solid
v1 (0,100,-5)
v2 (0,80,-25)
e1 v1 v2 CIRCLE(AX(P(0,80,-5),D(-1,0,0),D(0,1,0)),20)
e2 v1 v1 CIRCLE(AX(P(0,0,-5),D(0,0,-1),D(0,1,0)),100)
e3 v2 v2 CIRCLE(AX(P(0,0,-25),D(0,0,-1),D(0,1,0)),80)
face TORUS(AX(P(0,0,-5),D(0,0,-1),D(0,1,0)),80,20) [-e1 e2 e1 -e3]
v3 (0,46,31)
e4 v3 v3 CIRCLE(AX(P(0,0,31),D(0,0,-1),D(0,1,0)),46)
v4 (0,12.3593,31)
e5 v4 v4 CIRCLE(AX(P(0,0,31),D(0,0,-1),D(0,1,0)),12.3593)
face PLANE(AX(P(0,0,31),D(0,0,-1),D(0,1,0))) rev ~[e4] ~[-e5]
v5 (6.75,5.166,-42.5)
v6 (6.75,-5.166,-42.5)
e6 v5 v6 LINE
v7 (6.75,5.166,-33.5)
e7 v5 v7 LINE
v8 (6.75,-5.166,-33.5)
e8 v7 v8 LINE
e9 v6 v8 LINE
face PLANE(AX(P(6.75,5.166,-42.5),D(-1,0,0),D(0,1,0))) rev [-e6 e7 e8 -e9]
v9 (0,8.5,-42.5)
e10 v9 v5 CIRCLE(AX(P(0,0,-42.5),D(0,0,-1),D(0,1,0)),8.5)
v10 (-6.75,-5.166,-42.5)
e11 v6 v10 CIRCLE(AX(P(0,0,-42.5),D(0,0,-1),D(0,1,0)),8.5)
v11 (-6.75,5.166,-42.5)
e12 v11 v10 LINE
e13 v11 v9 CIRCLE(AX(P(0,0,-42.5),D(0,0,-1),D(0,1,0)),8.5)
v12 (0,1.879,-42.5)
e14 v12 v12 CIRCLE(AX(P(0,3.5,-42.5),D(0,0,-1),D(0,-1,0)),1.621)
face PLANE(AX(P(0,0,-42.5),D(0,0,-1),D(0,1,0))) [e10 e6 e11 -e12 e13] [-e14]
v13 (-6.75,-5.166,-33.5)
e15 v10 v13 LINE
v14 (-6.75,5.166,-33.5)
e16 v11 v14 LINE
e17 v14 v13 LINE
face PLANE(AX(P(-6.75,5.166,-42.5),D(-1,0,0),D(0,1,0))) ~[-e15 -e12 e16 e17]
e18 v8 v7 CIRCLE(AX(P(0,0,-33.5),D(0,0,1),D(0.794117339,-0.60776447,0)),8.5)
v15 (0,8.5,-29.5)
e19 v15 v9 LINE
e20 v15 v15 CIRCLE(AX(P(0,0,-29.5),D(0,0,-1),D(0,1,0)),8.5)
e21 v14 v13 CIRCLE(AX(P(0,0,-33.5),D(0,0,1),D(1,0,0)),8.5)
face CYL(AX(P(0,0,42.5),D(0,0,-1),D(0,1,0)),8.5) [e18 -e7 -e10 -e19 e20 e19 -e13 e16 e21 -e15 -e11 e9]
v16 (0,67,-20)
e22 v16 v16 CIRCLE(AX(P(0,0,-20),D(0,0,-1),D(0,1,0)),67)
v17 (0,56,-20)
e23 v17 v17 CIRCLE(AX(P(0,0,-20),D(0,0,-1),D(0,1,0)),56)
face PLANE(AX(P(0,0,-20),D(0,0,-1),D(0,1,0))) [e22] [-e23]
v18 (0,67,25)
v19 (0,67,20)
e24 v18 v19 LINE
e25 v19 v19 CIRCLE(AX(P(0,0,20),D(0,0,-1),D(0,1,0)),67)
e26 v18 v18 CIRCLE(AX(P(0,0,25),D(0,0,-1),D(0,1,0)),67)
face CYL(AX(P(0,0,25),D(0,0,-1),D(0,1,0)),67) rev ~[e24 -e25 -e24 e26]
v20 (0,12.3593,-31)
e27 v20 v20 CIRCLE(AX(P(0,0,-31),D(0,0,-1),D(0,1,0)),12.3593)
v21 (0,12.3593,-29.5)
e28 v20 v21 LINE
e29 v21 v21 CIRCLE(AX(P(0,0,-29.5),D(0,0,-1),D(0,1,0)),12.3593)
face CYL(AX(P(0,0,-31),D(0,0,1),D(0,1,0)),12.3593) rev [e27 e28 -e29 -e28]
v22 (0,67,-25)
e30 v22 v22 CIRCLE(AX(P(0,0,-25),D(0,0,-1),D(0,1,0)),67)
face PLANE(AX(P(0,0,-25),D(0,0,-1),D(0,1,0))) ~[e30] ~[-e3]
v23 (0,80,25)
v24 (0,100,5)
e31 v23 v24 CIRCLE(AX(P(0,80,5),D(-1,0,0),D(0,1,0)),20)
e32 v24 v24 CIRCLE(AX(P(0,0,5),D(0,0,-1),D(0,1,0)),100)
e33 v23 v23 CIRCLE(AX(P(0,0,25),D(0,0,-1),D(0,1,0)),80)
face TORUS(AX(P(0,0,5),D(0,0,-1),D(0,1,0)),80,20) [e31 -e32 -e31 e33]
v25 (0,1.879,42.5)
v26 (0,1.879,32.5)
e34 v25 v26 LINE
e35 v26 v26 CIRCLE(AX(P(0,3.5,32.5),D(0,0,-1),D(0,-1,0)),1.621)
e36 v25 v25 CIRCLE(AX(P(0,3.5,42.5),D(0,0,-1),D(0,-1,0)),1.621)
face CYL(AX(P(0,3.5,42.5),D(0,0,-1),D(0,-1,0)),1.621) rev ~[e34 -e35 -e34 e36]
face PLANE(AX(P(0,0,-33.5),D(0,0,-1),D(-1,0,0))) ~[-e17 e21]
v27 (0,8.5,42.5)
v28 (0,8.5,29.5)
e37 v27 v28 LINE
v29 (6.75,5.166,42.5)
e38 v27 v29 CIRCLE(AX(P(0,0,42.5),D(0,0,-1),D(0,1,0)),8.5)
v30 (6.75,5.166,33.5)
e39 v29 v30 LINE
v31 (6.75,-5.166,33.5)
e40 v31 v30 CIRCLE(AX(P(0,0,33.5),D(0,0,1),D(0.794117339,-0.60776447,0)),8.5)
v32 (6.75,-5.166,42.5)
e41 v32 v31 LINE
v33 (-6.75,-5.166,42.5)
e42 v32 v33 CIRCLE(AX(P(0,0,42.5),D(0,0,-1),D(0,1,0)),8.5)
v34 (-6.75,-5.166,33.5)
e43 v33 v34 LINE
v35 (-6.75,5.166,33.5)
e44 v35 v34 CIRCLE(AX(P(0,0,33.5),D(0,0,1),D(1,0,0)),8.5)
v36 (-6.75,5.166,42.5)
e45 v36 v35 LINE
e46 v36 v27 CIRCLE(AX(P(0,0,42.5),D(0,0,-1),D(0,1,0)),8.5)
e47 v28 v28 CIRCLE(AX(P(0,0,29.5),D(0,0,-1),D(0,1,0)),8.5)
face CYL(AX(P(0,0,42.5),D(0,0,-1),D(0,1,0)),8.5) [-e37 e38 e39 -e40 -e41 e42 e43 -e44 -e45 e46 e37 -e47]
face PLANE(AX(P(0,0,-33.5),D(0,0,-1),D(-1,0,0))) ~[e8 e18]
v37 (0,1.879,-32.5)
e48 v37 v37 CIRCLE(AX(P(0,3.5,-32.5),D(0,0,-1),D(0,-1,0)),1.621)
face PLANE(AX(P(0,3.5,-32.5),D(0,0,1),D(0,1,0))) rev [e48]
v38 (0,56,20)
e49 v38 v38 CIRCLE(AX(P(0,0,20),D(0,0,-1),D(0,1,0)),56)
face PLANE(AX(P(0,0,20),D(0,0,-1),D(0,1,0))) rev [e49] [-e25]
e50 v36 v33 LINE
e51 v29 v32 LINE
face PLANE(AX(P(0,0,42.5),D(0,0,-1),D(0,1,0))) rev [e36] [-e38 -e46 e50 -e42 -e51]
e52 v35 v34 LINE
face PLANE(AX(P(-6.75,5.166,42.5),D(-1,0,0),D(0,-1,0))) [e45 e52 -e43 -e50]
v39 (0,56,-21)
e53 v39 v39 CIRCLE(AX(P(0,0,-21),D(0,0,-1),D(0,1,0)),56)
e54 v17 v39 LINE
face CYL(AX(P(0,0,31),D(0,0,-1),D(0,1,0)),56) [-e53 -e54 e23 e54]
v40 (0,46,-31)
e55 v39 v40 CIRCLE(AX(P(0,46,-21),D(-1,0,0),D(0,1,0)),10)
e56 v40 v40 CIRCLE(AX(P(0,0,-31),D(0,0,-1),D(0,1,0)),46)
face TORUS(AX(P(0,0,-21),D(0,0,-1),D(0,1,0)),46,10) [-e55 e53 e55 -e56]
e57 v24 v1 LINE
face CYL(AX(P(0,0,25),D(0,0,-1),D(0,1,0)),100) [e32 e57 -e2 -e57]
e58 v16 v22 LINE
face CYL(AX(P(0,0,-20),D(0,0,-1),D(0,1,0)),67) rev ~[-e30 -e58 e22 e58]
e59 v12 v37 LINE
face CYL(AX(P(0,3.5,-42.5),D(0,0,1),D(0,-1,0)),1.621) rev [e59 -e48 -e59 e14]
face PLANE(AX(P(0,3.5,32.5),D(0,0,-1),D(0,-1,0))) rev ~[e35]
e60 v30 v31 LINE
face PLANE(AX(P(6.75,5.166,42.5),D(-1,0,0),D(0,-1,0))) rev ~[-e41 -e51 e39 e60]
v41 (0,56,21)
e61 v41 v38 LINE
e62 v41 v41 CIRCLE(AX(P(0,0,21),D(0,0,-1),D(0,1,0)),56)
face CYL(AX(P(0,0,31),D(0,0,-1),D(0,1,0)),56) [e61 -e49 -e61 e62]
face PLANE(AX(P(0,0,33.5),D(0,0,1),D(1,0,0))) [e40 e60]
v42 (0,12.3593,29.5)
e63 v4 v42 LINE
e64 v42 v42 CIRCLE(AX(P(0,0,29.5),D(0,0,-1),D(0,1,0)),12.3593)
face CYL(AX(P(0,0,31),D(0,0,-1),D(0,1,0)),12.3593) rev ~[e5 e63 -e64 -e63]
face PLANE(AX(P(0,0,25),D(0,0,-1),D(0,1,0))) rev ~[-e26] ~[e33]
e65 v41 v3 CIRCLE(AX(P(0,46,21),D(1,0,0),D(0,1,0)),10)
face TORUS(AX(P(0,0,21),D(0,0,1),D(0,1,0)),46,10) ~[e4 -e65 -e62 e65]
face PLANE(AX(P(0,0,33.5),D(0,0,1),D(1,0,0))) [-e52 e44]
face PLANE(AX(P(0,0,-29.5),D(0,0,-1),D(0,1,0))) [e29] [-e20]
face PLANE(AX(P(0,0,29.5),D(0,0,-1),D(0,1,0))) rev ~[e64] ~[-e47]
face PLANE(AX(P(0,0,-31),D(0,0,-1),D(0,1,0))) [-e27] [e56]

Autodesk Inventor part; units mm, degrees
ref_plane "YZ Plane" through (0, 0, 0) normal (1, 0, 0) x (0, 1, 0)
ref_plane "XZ Plane" through (0, 0, 0) normal (0, 1, 0) x (-1, 0, 0)
ref_plane "XY Plane" through (0, 0, 0) normal (0, 0, 1) x (1, 0, 0)
sketch "Sketch1" plane through (0, 0, 0) normal (0, 0, 1) x (1, 0, 0)
  circle A0 centre (0, 0) radius 100
  circle A1 centre (0, 0) radius 56
  circle A2 centre (0, 0) radius 67
  circle A3 centre (0, 0) radius 7.5
  dimension "d0" = 200
  dimension "d1" = 112
  dimension "d2" = 11
  dimension "d3" = 15
extrude "Extrusion1" [suppressed]
extrude "Extrusion2" [suppressed]
extrude "Extrusion3" [suppressed]
extrude "Extrusion4" [suppressed]
sketch "Sketch2" plane through (0, 0, 0) normal (1, 0, 0) x (0, 1, 0)
  line L0 (0, 42.5) -> (0, -42.5)
  line L1 (0, 42.5) -> (8.5, 42.5)
  line L2 (8.5, 42.5) -> (8.5, -42.5)
  line L3 (8.5, -42.5) -> (0, -42.5)
  line L4 (56, 31) -> (56, -31)
  line L5 (0, 0) -> (100, 0) construction
  line L6 (56, 31) -> (12.3593, 31)
  line L7 (56, -31) -> (12.3593, -31)
  line L8 (67, 20) -> (67, -20)
  line L9 (100, 25) -> (100, -25)
  line L10 (56, 20) -> (67, 20)
  line L11 (67, -20) -> (56, -20)
  line L12 (100, 25) -> (67, 25)
  line L13 (67, 25) -> (67, 20)
  line L14 (67, -20) -> (67, -25)
  line L15 (67, -25) -> (100, -25)
  line L16 (12.3593, 31) -> (12.3593, 29.5)
  line L17 (12.3593, 29.5) -> (8.5, 29.5)
  line L18 (12.3593, -31) -> (12.3593, -29.5)
  line L19 (12.3593, -29.5) -> (8.5, -29.5)
  point P0 (56, 0)
  point P1 (8.5, 32.5)
  point P2 (8.5, -32.5)
  point P3 (67, 0)
  point P4 (4.25, 42.5)
  dimension "d12" = 85
  dimension "d13" = 8.5
  dimension "d15" = 100
  dimension "d16" = 56
  dimension "d17" = 40
  dimension "d18" = 11
  dimension "d19" = 50
  dimension "d27" = 13
  dimension "d28" = 1.5
revolve "Revolution1" add sketch "Sketch2" angle 360 about axis through (0, 0, 42.5) along (0, 0, -1)
fillet "Fillet1" radius 20 2 edges at (0, -100, 25) (0, -100, -25)
fillet "Fillet2" radius 10 2 edges at (0, -56, 31) (0, -56, -31)
sketch "Sketch3" plane through (0, 0, 42.5) normal (0, 0, 1) x (1, 0, 0)
  circle A0 centre (0, 0) radius 8.5
  line L0 (-6.75, 5.166) -> (-6.75, -5.166)
  line L1 (6.75, 5.166) -> (6.75, -5.166)
  circle A1 centre (0, 0) radius 8.5 projected
  circle A2 centre (0, 0) radius 8.5 projected
  line L2 (-6.75, 0) -> (6.75, 0) construction
  circle A3 centre (0, 3.5) radius 2
  circle A4 centre (0, 0) radius 8.5 projected
  point P0 (6.6019, 3.3672)
  point P1 (6.6019, -3.3672)
  point P2 (0, 5.5)
  point P3 (0, 8.5)
  dimension "d29" = 4
  dimension "d24" = 13.5
  dimension "d30" = 3
extrude "Extrusion5" cut sketch "Sketch3" against normal blind 9 contours A0 L1 | L0 A0
hole "Hole1" at (0, 3.5, 42.5) direction (0, 0, -1) diameter 3.242 depth 10 thread size "M4x0.7" class "6H" standard "ISO Metric profile"
mirror "Mirror1" about plane through (0, 0, 0) normal (0, 0, 1) of "Extrusion5", "Hole1"
properties part number "motor at24v"
